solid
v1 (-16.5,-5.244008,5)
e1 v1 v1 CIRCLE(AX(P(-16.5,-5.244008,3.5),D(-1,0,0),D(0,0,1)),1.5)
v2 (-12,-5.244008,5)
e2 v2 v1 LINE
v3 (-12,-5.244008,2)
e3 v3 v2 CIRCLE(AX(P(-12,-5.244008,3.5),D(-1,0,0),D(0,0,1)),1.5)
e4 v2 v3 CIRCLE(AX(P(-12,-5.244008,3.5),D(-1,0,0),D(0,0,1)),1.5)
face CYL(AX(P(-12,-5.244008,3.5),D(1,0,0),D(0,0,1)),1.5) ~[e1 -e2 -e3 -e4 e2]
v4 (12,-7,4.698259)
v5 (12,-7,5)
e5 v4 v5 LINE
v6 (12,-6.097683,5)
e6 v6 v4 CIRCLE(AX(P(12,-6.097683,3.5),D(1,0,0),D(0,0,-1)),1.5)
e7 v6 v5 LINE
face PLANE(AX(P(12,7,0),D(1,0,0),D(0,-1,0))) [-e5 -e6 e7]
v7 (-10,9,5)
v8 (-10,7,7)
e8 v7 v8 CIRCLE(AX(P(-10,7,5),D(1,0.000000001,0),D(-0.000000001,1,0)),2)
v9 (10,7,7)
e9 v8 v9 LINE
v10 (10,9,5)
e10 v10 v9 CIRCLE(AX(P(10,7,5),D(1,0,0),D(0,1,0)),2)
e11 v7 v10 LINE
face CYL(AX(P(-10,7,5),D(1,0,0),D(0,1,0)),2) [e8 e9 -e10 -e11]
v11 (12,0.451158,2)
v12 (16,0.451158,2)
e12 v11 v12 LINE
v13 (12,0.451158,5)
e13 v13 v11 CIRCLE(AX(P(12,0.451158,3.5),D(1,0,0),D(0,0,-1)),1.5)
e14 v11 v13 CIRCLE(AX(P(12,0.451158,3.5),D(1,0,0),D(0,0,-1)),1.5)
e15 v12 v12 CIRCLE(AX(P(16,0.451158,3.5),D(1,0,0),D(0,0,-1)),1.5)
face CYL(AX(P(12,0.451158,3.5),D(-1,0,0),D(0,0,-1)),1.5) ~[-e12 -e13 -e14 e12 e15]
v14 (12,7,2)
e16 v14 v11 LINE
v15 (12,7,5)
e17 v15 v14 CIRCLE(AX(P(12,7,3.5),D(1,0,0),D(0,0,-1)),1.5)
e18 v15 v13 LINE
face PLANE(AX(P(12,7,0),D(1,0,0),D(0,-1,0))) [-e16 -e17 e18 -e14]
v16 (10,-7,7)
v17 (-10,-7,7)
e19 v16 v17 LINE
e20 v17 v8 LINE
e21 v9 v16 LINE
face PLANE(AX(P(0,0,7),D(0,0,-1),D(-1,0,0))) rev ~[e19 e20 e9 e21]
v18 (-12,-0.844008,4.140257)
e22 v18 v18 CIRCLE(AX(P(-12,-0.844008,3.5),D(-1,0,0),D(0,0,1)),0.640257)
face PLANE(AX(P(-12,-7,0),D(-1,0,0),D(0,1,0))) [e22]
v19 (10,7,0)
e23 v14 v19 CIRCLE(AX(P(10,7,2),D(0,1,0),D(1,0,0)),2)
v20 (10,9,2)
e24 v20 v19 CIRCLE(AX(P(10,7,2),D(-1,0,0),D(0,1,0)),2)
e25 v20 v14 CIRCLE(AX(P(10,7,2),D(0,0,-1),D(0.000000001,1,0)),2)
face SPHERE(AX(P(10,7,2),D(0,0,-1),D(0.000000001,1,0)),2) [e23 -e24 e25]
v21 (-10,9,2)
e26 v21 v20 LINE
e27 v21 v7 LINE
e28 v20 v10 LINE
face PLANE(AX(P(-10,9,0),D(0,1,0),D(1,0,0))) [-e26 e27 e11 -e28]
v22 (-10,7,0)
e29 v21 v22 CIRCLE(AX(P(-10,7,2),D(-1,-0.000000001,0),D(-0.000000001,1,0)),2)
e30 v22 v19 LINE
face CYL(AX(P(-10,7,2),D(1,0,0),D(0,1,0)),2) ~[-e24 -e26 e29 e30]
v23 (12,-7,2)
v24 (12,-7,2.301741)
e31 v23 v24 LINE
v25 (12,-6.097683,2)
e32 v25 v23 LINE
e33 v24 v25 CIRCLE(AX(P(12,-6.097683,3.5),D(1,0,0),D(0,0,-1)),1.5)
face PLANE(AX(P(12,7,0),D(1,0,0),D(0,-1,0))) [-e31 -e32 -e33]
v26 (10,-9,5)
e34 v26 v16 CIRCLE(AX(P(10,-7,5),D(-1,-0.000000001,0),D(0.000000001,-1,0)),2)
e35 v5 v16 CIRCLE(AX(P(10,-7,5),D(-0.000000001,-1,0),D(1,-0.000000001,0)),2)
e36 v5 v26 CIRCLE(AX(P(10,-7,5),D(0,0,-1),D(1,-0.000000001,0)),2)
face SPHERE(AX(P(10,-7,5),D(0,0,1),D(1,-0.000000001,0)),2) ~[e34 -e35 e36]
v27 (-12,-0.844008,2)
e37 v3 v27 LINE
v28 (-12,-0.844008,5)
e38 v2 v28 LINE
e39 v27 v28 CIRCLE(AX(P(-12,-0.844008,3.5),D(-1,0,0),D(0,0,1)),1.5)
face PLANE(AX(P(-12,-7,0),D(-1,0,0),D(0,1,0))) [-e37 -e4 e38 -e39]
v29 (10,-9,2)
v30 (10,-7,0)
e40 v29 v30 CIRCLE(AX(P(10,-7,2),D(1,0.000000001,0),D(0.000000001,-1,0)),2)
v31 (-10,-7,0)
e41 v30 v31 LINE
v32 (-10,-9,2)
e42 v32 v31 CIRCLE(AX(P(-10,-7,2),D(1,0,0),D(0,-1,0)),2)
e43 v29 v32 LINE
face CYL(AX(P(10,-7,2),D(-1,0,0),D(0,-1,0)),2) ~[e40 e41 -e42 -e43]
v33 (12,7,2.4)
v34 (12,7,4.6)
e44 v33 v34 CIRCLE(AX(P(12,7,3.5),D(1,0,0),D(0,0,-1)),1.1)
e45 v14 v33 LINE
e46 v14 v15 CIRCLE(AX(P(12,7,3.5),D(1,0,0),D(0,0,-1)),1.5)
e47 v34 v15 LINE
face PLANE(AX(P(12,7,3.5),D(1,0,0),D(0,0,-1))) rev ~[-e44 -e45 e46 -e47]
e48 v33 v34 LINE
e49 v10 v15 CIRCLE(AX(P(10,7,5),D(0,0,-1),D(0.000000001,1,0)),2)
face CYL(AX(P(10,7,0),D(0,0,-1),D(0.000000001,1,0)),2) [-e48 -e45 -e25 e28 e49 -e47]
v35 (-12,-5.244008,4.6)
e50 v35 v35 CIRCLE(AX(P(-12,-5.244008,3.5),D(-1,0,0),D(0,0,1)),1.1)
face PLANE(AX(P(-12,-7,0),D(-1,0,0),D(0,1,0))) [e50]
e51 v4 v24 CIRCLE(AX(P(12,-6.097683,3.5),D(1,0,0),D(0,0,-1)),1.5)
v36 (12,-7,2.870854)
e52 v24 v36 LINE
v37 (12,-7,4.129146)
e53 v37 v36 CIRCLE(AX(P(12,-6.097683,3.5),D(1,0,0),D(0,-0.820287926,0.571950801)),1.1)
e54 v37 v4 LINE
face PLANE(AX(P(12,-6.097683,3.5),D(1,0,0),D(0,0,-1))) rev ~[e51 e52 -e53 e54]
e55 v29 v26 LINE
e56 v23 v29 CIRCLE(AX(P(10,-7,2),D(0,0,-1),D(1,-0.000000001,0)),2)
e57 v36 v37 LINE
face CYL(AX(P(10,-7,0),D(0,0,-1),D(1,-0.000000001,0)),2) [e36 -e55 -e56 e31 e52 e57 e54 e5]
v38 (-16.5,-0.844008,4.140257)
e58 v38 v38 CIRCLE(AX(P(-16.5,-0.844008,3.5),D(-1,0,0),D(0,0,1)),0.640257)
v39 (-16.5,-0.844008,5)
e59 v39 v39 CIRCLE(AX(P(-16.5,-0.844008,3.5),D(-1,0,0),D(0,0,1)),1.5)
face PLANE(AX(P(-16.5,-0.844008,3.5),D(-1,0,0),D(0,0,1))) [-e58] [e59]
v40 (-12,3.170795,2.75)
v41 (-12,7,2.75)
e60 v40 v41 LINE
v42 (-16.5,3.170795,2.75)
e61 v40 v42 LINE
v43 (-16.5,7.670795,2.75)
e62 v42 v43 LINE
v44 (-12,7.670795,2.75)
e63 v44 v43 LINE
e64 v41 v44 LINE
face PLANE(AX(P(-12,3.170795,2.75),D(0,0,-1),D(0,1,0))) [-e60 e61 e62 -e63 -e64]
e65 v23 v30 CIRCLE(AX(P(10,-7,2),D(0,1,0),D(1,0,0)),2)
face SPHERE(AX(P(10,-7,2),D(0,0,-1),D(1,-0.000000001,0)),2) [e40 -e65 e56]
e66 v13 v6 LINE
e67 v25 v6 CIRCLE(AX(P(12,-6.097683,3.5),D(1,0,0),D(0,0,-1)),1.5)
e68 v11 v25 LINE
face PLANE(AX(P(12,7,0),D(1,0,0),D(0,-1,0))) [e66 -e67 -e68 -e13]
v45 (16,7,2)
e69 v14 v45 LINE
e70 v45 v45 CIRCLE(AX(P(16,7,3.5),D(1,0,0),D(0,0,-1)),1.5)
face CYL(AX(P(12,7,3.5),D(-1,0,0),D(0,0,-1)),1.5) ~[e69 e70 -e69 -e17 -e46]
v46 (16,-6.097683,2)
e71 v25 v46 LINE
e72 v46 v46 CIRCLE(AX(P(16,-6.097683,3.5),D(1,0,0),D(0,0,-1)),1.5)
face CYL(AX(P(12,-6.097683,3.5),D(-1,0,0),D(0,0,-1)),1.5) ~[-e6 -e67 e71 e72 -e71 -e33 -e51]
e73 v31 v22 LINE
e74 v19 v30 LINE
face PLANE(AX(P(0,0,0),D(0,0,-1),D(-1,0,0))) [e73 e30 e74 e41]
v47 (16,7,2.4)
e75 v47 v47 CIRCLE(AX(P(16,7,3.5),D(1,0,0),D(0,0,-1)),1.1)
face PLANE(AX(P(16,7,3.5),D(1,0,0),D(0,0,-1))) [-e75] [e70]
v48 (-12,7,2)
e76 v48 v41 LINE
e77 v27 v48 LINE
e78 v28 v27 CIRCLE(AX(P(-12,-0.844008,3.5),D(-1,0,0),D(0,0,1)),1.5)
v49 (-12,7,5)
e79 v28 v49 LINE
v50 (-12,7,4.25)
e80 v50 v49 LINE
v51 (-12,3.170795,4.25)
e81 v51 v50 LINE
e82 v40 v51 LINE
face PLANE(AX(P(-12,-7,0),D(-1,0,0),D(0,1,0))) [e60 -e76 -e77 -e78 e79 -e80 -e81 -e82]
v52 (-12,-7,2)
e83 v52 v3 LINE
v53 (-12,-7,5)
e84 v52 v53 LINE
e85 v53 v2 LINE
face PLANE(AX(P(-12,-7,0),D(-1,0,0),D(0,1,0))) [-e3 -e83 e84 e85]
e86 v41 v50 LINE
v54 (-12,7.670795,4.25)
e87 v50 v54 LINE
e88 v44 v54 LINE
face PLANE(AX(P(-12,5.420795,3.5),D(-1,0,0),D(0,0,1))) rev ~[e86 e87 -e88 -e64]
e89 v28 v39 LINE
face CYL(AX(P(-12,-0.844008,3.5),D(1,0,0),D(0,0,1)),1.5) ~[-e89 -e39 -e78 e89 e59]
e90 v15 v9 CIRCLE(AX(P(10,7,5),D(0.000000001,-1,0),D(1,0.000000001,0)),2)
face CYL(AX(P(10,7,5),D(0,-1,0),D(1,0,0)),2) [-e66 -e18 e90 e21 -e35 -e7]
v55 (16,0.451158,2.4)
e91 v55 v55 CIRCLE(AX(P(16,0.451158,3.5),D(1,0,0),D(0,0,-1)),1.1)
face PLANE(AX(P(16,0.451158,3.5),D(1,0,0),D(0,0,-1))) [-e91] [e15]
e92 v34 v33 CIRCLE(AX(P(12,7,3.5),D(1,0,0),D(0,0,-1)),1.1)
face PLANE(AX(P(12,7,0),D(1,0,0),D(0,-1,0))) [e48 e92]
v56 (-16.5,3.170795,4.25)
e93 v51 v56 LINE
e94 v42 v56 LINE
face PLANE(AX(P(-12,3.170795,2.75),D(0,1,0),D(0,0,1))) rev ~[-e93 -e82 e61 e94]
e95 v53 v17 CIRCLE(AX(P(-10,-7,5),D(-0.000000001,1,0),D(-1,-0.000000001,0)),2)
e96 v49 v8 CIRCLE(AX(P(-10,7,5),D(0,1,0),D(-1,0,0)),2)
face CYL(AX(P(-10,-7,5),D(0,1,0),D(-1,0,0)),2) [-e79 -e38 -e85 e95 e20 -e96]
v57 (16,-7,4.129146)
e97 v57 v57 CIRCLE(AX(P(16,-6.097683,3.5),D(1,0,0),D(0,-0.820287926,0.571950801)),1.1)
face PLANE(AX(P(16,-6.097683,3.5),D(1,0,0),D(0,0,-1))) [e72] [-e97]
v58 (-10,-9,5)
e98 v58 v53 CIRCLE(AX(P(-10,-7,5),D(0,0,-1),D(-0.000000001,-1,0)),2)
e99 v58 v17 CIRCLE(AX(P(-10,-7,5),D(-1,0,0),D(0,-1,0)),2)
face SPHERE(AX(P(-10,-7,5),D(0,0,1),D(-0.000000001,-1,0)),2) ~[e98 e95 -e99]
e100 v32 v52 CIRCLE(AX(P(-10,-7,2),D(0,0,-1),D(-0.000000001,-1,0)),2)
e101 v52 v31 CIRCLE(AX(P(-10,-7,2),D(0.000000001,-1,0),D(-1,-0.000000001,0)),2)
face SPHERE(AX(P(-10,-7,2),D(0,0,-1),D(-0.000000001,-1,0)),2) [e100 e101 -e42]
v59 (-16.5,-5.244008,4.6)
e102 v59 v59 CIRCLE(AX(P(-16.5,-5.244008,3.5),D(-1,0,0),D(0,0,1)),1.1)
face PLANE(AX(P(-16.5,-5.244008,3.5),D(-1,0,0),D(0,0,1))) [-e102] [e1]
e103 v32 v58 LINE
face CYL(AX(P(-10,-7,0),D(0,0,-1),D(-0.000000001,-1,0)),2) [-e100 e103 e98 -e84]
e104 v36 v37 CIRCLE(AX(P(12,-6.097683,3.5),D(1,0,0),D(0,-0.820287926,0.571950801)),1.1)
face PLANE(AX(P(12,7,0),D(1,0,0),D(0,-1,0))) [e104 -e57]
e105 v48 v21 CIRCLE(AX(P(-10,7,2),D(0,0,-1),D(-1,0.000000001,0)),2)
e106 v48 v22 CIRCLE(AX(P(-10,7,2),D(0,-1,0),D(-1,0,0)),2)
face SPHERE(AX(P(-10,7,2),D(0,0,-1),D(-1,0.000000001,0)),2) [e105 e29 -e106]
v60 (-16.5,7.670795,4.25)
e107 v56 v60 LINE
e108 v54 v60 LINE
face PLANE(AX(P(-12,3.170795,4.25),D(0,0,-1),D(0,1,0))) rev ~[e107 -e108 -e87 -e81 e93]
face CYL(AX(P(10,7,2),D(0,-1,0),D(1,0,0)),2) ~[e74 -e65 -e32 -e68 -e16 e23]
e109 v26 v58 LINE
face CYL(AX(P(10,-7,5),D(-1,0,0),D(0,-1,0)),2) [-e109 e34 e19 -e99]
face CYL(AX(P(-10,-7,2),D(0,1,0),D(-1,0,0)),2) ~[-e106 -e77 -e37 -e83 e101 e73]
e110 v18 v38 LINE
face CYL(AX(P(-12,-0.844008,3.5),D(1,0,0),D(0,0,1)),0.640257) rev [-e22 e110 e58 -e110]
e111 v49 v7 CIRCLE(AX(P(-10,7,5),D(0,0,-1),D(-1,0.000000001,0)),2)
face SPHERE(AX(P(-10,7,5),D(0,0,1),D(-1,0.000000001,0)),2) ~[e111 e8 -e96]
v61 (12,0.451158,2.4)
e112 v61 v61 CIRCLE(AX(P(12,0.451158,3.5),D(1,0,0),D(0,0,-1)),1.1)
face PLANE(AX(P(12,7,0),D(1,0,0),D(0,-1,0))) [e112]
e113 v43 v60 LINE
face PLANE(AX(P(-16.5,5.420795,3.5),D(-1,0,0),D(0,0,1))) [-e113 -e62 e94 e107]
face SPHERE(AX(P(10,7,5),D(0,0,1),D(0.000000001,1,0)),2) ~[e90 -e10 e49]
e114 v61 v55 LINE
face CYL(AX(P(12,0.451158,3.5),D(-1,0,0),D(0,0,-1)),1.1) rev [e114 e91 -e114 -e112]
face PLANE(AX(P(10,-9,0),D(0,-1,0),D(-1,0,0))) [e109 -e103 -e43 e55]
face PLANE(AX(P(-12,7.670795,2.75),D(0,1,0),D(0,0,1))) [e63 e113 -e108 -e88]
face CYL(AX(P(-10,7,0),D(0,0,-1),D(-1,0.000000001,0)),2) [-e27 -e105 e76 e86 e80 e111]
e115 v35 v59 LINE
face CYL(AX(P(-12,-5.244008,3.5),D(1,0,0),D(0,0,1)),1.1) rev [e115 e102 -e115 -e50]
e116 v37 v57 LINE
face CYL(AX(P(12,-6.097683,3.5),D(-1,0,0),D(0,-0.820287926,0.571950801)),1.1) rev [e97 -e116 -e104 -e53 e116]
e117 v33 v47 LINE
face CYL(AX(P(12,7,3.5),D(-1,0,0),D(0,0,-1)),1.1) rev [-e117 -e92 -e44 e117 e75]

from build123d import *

# Parameters (mm, degrees)
BOSS_EXTRUDE1_DEPTH = 7
FILLET1_R           = 2
SKETCH3_R           = 1.5
SKETCH3_R_2         = 1.1
BOSS_EXTRUDE2_DEPTH = 4
SKETCH4_R           = 1.5
SKETCH4_R_2         = 0.640256745
SKETCH4_R_3         = 1.1
SKETCH4_W           = 1.5
SKETCH4_H           = 4.5
BOSS_EXTRUDE3_DEPTH = 4.5


with BuildPart() as part:
    # Sketch1 → Boss-Extrude1 (new body)
    with BuildSketch(Plane.XY):
        with BuildLine():
            Line((10, -9), (-10, -9))
            ThreePointArc((-10, -9), (-11.414213562, -8.414213562), (-12, -7))
            Line((-12, -7), (-12, 7))
            ThreePointArc((-12, 7), (-11.414213562, 8.414213562), (-10, 9))
            Line((-10, 9), (10, 9))
            ThreePointArc((10, 9), (11.414213562, 8.414213562), (12, 7))
            Line((12, 7), (12, -7))
            ThreePointArc((12, -7), (11.414213562, -8.414213562), (10, -9))
        make_face()
    extrude(amount=BOSS_EXTRUDE1_DEPTH)

    # Fillet1
    fillet1_edges = [part.edges().sort_by_distance(p)[0] for p in [
        (12, 0, 0),
        (11.414213562, -8.414213562, 0),
        (0, -9, 0),
        (-11.414213562, -8.414213562, 0),
        (11.414213562, -8.414213562, 7),
        (12, 0, 7),
        (11.414213562, 8.414213562, 7),
        (0, 9, 7),
        (-11.414213562, 8.414213562, 7),
        (-12, 0, 7),
        (-11.414213562, -8.414213562, 7),
        (-12, 0, 0),
        (0, -9, 7),
        (-11.414213562, 8.414213562, 0),
        (0, 9, 0),
        (11.414213562, 8.414213562, 0),
    ]]
    fillet(fillet1_edges, radius=FILLET1_R)

    # Sketch3 → Boss-Extrude2 (add)
    # profile 1 of 3: a face of its own
    with BuildSketch(Plane(origin=(12, 0, 0), x_dir=(0, 0, -1), z_dir=(1, 0, 0))):
        with Locations((-3.5, 7)):
            Circle(SKETCH3_R)
        with Locations((-3.5, 7)):
            Circle(SKETCH3_R_2, mode=Mode.SUBTRACT)
    # profile 2 of 3: a face of its own
    with BuildSketch(Plane(origin=(12, 0, 0), x_dir=(0, 0, -1), z_dir=(1, 0, 0))):
        with Locations((-3.5, 0.451158359)):
            Circle(SKETCH3_R)
        with Locations((-3.5, 0.451158359)):
            Circle(SKETCH3_R_2, mode=Mode.SUBTRACT)
    # profile 3 of 3: a face of its own
    with BuildSketch(Plane(origin=(12, 0, 0), x_dir=(0, 0, -1), z_dir=(1, 0, 0))):
        with Locations((-3.5, -6.097683282)):
            Circle(SKETCH3_R)
        with Locations(Location((-3.5, -6.097683282, 0), (0, 0, 235.113626632))):
            Circle(SKETCH3_R_2, mode=Mode.SUBTRACT)
    extrude(amount=BOSS_EXTRUDE2_DEPTH)

    # Sketch4 → Boss-Extrude3 (add)
    # profile 1 of 3: a face of its own
    with BuildSketch(Plane.ZY.offset(12)):
        with Locations((3.5, -0.844007622)):
            Circle(SKETCH4_R)
        with Locations((3.5, -0.844007622)):
            Circle(SKETCH4_R_2, mode=Mode.SUBTRACT)
    # profile 2 of 3: a face of its own
    with BuildSketch(Plane.ZY.offset(12)):
        with Locations((3.5, -5.244007622)):
            Circle(SKETCH4_R)
        with Locations((3.5, -5.244007622)):
            Circle(SKETCH4_R_3, mode=Mode.SUBTRACT)
    # profile 3 of 3: a face of its own
    with BuildSketch(Plane.ZY.offset(12)):
        with Locations((3.5, 5.420795306)):
            Rectangle(SKETCH4_W, SKETCH4_H)
    extrude(amount=BOSS_EXTRUDE3_DEPTH)


solid = part.part
